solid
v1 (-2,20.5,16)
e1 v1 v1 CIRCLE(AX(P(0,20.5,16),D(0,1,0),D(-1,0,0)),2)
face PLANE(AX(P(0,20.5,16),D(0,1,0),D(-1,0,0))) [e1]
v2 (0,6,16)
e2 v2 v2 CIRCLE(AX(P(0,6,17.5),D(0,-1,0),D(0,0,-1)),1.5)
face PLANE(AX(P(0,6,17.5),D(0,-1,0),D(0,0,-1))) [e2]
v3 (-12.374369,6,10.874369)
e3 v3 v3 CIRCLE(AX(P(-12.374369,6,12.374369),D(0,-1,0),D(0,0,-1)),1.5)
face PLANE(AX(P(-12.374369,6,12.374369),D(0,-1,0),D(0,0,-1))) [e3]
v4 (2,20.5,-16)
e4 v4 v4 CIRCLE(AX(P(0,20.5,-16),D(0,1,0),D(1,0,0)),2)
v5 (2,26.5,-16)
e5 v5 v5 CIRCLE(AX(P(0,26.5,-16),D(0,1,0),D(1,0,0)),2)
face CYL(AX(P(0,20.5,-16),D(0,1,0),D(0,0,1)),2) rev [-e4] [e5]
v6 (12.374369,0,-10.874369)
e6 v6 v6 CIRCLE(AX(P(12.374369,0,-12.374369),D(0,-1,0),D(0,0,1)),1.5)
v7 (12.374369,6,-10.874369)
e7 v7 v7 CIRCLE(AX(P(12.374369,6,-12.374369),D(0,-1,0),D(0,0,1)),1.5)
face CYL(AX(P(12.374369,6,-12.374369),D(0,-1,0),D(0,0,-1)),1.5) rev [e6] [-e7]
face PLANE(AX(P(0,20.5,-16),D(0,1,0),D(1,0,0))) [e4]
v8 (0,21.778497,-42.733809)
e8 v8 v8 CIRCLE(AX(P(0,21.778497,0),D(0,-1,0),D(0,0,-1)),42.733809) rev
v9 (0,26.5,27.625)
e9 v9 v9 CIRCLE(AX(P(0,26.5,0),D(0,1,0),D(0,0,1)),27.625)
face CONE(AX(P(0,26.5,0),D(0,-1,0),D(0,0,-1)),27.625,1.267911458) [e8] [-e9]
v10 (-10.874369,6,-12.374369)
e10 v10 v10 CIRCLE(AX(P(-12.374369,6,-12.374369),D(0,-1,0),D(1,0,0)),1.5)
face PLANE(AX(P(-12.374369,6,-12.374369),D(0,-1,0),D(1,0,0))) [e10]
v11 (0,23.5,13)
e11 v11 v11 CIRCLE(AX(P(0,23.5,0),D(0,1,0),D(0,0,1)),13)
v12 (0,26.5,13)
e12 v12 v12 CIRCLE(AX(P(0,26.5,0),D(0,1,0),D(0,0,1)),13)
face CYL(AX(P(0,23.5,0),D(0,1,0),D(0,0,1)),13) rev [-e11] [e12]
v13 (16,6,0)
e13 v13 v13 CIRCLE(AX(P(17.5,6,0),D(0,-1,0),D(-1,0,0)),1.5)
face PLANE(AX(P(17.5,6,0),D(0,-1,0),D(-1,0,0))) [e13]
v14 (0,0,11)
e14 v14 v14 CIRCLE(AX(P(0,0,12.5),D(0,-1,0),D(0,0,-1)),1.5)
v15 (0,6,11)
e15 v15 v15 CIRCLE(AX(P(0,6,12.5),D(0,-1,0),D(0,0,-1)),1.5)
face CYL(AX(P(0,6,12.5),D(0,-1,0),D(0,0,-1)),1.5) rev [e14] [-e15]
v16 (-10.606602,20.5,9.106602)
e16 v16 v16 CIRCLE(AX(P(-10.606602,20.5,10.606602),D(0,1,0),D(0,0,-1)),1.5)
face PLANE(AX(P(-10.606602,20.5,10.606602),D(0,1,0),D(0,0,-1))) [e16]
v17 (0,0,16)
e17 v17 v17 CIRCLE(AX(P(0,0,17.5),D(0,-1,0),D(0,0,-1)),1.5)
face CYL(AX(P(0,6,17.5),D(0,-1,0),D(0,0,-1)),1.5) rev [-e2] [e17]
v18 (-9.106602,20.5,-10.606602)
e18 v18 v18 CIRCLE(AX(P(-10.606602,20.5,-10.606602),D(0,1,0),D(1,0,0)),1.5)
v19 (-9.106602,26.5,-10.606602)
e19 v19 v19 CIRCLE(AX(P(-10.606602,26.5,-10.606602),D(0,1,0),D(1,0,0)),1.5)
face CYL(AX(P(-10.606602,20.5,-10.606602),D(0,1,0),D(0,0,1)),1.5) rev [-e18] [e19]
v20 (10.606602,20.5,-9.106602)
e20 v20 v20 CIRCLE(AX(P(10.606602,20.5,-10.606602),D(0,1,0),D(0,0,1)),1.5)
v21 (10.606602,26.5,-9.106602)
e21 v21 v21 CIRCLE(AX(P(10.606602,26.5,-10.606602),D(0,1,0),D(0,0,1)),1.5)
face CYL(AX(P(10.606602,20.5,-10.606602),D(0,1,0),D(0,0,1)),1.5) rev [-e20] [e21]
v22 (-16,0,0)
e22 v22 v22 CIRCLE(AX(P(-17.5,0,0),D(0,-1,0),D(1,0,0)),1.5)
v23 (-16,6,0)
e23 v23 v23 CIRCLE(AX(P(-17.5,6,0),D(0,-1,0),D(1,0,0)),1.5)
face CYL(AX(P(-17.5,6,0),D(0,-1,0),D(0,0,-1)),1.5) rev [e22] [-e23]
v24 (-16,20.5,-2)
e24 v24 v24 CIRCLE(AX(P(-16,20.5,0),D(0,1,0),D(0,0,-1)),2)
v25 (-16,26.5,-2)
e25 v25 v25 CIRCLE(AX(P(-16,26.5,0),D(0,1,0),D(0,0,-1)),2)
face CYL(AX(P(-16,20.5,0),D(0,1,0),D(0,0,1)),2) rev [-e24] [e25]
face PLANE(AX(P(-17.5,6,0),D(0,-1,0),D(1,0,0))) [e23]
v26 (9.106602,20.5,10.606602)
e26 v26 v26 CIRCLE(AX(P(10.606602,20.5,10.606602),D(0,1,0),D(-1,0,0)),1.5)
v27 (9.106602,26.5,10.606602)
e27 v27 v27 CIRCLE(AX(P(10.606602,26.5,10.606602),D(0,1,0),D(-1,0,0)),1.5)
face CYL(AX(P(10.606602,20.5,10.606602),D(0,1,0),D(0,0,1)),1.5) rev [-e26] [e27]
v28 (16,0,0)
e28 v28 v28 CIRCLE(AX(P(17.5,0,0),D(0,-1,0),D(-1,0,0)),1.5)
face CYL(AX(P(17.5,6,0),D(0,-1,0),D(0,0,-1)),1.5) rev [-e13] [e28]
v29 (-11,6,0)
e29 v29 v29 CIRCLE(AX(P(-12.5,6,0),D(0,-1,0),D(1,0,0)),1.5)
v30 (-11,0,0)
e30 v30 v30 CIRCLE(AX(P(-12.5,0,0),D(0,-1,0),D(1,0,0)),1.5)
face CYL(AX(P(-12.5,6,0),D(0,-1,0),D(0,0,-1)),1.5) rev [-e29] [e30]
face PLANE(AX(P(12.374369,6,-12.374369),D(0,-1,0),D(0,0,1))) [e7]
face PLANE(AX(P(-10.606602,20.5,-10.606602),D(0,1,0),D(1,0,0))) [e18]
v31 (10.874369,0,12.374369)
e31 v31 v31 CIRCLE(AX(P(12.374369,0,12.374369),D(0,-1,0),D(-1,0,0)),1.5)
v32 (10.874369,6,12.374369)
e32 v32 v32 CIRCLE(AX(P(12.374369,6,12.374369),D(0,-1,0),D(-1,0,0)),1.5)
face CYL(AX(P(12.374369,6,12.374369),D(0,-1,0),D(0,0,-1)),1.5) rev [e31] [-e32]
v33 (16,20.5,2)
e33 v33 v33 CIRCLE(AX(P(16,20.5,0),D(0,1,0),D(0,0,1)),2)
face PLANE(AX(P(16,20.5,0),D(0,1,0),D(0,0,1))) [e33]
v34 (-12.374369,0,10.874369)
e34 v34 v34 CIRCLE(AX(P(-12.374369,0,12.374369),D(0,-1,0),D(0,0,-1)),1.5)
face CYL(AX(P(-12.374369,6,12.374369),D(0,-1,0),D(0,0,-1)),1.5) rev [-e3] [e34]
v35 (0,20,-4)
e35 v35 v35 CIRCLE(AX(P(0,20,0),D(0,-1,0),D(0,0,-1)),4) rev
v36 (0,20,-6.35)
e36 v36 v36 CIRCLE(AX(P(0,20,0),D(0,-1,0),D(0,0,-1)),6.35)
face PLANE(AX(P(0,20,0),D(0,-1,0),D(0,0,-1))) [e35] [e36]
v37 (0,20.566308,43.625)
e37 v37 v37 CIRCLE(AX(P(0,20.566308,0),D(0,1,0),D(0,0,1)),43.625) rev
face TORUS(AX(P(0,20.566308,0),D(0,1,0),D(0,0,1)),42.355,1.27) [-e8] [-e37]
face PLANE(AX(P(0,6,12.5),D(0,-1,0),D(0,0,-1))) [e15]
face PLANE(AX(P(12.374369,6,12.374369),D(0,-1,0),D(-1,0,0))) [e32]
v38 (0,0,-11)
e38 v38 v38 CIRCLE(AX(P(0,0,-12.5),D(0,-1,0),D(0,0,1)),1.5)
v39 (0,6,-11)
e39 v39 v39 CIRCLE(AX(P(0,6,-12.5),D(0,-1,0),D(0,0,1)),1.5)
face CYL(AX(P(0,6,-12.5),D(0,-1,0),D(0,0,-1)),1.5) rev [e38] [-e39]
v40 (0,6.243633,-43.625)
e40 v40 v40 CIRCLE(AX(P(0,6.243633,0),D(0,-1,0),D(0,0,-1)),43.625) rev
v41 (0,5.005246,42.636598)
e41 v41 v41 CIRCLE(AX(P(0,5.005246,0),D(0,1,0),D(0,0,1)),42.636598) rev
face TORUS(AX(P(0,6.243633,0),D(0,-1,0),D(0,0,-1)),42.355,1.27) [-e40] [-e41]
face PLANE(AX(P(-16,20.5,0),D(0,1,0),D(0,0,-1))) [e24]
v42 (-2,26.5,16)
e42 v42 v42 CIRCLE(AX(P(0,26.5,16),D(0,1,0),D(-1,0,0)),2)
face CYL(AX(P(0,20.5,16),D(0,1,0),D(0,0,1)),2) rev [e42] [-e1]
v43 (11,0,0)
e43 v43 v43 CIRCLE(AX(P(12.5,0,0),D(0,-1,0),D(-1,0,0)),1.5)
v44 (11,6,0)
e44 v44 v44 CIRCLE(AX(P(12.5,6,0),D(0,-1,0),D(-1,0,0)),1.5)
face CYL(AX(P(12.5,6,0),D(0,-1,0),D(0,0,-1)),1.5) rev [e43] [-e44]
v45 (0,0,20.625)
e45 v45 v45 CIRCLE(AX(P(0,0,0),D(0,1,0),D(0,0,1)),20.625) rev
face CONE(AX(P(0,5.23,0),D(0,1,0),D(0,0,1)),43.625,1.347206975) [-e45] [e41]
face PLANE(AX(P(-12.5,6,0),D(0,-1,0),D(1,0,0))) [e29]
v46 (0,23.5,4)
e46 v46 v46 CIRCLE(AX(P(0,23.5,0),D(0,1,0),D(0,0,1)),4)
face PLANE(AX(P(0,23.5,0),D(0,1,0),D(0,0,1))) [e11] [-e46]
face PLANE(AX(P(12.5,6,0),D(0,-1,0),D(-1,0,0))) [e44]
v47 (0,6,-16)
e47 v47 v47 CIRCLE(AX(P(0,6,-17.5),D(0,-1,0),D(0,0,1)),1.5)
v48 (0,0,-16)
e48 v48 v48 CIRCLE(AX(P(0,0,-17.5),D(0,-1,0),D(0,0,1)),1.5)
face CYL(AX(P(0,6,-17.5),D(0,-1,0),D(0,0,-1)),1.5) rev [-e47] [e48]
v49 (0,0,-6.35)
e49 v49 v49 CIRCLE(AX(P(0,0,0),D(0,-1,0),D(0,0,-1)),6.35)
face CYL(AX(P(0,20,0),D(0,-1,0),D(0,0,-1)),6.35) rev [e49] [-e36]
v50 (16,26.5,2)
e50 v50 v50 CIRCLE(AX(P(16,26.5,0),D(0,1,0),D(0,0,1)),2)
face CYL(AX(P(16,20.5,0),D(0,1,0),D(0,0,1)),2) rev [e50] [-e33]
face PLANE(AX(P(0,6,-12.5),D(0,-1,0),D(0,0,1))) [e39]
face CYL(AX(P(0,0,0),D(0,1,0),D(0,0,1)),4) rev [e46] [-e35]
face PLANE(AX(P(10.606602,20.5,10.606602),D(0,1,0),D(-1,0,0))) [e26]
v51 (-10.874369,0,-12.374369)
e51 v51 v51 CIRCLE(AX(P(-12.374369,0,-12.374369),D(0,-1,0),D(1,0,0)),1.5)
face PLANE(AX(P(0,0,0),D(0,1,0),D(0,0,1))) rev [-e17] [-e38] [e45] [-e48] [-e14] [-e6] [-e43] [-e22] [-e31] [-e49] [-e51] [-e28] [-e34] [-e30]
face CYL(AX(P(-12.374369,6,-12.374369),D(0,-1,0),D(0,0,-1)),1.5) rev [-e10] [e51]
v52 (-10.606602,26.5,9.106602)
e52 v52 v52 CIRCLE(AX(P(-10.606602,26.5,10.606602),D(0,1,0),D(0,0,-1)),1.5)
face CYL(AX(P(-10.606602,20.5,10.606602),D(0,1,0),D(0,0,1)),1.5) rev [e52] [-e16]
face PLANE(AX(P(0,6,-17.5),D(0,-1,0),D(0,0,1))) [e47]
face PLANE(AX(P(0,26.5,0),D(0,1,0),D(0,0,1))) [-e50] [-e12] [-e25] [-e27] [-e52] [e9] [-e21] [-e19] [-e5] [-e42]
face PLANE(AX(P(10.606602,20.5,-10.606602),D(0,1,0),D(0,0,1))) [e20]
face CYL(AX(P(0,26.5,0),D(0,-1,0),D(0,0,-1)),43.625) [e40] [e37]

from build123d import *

# Parameters (mm, degrees)
SKETCH1_R           = 43.625
BOSS_EXTRUDE1_DEPTH = 26.5
CHAMFER1_SIZE       = 5
CHAMFER1_SIZE2      = 16
SKETCH2_R           = 2
SKETCH2_R_2         = 1.5
CUT_EXTRUDE1_DEPTH  = 6
SKETCH3_R           = 13
CUT_EXTRUDE2_DEPTH  = 3
CHAMFER2_SIZE       = 23
CHAMFER2_SIZE2      = 5.23
FILLET1_R           = 1.27
SKETCH5_R           = 4
CUT_EXTRUDE3_DEPTH  = 68.145598343
SKETCH4_R           = 6.35
CUT_EXTRUDE4_DEPTH  = 20
SKETCH6_R           = 1.5
CUT_EXTRUDE5_DEPTH  = 6
CIRPATTERN1_COUNT   = 4


with BuildPart() as part:
    # Sketch1 → Boss-Extrude1 (new body)
    with BuildSketch(Plane(origin=(0, 0, 0), x_dir=(1, 0, 0), z_dir=(0, 1, 0))):
        Circle(SKETCH1_R)
    extrude(amount=BOSS_EXTRUDE1_DEPTH)

    # Chamfer1
    chamfer1_edges = [part.edges().sort_by_distance(p)[0] for p in [
        (-43.625, 26.5, 0),
    ]]
    chamfer1_side = [part.faces().sort_by_distance(p)[0] for p in [
        (-43.625, 13.25, 0),
    ]]
    chamfer(chamfer1_edges, length=CHAMFER1_SIZE, length2=CHAMFER1_SIZE2, reference=chamfer1_side[0])

    # Sketch2 → Cut-Extrude1 (cut)
    with BuildSketch(Plane(origin=(0, 26.5, 0), x_dir=(1, 0, 0), z_dir=(0, 1, 0))):
        with Locations((16, 0)):
            Circle(SKETCH2_R)
        with Locations((10.606601718, 10.606601718)):
            Circle(SKETCH2_R_2)
    cut_extrude1 = extrude(amount=-CUT_EXTRUDE1_DEPTH, mode=Mode.SUBTRACT)

    # Sketch3 → Cut-Extrude2 (cut)
    with BuildSketch(Plane(origin=(0, 26.5, 0), x_dir=(1, 0, 0), z_dir=(0, 1, 0))):
        Circle(SKETCH3_R)
    extrude(amount=-CUT_EXTRUDE2_DEPTH, mode=Mode.SUBTRACT)

    # Chamfer2
    chamfer2_edges = [part.edges().sort_by_distance(p)[0] for p in [
        (-43.625, 0, 0),
    ]]
    chamfer2_side = [part.faces().sort_by_distance(p)[0] for p in [
        (0, 0, 0),
    ]]
    chamfer(chamfer2_edges, length=CHAMFER2_SIZE, length2=CHAMFER2_SIZE2, reference=chamfer2_side[0])

    # Fillet1
    fillet1_edges = [part.edges().sort_by_distance(p)[0] for p in [
        (-43.625, 5.23, 0),
        (-43.625, 21.5, 0),
    ]]
    fillet(fillet1_edges, radius=FILLET1_R)

    # Sketch5 → Cut-Extrude3 (cut, through all)
    with BuildSketch(Plane(origin=(0, 26.5, 0), x_dir=(1, 0, 0), z_dir=(0, 1, 0))):
        Circle(SKETCH5_R)
    extrude(amount=-CUT_EXTRUDE3_DEPTH, mode=Mode.SUBTRACT)

    # Sketch4 → Cut-Extrude4 (cut)
    with BuildSketch(Plane.XZ):
        Circle(SKETCH4_R)
    extrude(amount=-CUT_EXTRUDE4_DEPTH, mode=Mode.SUBTRACT)

    # Sketch6 → Cut-Extrude5 (cut)
    with BuildSketch(Plane.XZ):
        with Locations((0, 17.5)):
            Circle(SKETCH6_R)
        with Locations((0, 12.5)):
            Circle(SKETCH6_R)
        with Locations((-12.374368671, 12.374368671)):
            Circle(SKETCH6_R)
    cut_extrude5 = extrude(amount=-CUT_EXTRUDE5_DEPTH, mode=Mode.SUBTRACT)

    # CirPattern1: Cut-Extrude1, Cut-Extrude5 ×4 about axis
    cirpattern1_axis = Axis((0, 23.5, 0), (0, 1, 0))
    add([cut_extrude1.rotate(cirpattern1_axis, i * 360 / CIRPATTERN1_COUNT) for i in range(1, CIRPATTERN1_COUNT)], mode=Mode.SUBTRACT)
    add([cut_extrude5.rotate(cirpattern1_axis, i * 360 / CIRPATTERN1_COUNT) for i in range(1, CIRPATTERN1_COUNT)], mode=Mode.SUBTRACT)


solid = part.part
